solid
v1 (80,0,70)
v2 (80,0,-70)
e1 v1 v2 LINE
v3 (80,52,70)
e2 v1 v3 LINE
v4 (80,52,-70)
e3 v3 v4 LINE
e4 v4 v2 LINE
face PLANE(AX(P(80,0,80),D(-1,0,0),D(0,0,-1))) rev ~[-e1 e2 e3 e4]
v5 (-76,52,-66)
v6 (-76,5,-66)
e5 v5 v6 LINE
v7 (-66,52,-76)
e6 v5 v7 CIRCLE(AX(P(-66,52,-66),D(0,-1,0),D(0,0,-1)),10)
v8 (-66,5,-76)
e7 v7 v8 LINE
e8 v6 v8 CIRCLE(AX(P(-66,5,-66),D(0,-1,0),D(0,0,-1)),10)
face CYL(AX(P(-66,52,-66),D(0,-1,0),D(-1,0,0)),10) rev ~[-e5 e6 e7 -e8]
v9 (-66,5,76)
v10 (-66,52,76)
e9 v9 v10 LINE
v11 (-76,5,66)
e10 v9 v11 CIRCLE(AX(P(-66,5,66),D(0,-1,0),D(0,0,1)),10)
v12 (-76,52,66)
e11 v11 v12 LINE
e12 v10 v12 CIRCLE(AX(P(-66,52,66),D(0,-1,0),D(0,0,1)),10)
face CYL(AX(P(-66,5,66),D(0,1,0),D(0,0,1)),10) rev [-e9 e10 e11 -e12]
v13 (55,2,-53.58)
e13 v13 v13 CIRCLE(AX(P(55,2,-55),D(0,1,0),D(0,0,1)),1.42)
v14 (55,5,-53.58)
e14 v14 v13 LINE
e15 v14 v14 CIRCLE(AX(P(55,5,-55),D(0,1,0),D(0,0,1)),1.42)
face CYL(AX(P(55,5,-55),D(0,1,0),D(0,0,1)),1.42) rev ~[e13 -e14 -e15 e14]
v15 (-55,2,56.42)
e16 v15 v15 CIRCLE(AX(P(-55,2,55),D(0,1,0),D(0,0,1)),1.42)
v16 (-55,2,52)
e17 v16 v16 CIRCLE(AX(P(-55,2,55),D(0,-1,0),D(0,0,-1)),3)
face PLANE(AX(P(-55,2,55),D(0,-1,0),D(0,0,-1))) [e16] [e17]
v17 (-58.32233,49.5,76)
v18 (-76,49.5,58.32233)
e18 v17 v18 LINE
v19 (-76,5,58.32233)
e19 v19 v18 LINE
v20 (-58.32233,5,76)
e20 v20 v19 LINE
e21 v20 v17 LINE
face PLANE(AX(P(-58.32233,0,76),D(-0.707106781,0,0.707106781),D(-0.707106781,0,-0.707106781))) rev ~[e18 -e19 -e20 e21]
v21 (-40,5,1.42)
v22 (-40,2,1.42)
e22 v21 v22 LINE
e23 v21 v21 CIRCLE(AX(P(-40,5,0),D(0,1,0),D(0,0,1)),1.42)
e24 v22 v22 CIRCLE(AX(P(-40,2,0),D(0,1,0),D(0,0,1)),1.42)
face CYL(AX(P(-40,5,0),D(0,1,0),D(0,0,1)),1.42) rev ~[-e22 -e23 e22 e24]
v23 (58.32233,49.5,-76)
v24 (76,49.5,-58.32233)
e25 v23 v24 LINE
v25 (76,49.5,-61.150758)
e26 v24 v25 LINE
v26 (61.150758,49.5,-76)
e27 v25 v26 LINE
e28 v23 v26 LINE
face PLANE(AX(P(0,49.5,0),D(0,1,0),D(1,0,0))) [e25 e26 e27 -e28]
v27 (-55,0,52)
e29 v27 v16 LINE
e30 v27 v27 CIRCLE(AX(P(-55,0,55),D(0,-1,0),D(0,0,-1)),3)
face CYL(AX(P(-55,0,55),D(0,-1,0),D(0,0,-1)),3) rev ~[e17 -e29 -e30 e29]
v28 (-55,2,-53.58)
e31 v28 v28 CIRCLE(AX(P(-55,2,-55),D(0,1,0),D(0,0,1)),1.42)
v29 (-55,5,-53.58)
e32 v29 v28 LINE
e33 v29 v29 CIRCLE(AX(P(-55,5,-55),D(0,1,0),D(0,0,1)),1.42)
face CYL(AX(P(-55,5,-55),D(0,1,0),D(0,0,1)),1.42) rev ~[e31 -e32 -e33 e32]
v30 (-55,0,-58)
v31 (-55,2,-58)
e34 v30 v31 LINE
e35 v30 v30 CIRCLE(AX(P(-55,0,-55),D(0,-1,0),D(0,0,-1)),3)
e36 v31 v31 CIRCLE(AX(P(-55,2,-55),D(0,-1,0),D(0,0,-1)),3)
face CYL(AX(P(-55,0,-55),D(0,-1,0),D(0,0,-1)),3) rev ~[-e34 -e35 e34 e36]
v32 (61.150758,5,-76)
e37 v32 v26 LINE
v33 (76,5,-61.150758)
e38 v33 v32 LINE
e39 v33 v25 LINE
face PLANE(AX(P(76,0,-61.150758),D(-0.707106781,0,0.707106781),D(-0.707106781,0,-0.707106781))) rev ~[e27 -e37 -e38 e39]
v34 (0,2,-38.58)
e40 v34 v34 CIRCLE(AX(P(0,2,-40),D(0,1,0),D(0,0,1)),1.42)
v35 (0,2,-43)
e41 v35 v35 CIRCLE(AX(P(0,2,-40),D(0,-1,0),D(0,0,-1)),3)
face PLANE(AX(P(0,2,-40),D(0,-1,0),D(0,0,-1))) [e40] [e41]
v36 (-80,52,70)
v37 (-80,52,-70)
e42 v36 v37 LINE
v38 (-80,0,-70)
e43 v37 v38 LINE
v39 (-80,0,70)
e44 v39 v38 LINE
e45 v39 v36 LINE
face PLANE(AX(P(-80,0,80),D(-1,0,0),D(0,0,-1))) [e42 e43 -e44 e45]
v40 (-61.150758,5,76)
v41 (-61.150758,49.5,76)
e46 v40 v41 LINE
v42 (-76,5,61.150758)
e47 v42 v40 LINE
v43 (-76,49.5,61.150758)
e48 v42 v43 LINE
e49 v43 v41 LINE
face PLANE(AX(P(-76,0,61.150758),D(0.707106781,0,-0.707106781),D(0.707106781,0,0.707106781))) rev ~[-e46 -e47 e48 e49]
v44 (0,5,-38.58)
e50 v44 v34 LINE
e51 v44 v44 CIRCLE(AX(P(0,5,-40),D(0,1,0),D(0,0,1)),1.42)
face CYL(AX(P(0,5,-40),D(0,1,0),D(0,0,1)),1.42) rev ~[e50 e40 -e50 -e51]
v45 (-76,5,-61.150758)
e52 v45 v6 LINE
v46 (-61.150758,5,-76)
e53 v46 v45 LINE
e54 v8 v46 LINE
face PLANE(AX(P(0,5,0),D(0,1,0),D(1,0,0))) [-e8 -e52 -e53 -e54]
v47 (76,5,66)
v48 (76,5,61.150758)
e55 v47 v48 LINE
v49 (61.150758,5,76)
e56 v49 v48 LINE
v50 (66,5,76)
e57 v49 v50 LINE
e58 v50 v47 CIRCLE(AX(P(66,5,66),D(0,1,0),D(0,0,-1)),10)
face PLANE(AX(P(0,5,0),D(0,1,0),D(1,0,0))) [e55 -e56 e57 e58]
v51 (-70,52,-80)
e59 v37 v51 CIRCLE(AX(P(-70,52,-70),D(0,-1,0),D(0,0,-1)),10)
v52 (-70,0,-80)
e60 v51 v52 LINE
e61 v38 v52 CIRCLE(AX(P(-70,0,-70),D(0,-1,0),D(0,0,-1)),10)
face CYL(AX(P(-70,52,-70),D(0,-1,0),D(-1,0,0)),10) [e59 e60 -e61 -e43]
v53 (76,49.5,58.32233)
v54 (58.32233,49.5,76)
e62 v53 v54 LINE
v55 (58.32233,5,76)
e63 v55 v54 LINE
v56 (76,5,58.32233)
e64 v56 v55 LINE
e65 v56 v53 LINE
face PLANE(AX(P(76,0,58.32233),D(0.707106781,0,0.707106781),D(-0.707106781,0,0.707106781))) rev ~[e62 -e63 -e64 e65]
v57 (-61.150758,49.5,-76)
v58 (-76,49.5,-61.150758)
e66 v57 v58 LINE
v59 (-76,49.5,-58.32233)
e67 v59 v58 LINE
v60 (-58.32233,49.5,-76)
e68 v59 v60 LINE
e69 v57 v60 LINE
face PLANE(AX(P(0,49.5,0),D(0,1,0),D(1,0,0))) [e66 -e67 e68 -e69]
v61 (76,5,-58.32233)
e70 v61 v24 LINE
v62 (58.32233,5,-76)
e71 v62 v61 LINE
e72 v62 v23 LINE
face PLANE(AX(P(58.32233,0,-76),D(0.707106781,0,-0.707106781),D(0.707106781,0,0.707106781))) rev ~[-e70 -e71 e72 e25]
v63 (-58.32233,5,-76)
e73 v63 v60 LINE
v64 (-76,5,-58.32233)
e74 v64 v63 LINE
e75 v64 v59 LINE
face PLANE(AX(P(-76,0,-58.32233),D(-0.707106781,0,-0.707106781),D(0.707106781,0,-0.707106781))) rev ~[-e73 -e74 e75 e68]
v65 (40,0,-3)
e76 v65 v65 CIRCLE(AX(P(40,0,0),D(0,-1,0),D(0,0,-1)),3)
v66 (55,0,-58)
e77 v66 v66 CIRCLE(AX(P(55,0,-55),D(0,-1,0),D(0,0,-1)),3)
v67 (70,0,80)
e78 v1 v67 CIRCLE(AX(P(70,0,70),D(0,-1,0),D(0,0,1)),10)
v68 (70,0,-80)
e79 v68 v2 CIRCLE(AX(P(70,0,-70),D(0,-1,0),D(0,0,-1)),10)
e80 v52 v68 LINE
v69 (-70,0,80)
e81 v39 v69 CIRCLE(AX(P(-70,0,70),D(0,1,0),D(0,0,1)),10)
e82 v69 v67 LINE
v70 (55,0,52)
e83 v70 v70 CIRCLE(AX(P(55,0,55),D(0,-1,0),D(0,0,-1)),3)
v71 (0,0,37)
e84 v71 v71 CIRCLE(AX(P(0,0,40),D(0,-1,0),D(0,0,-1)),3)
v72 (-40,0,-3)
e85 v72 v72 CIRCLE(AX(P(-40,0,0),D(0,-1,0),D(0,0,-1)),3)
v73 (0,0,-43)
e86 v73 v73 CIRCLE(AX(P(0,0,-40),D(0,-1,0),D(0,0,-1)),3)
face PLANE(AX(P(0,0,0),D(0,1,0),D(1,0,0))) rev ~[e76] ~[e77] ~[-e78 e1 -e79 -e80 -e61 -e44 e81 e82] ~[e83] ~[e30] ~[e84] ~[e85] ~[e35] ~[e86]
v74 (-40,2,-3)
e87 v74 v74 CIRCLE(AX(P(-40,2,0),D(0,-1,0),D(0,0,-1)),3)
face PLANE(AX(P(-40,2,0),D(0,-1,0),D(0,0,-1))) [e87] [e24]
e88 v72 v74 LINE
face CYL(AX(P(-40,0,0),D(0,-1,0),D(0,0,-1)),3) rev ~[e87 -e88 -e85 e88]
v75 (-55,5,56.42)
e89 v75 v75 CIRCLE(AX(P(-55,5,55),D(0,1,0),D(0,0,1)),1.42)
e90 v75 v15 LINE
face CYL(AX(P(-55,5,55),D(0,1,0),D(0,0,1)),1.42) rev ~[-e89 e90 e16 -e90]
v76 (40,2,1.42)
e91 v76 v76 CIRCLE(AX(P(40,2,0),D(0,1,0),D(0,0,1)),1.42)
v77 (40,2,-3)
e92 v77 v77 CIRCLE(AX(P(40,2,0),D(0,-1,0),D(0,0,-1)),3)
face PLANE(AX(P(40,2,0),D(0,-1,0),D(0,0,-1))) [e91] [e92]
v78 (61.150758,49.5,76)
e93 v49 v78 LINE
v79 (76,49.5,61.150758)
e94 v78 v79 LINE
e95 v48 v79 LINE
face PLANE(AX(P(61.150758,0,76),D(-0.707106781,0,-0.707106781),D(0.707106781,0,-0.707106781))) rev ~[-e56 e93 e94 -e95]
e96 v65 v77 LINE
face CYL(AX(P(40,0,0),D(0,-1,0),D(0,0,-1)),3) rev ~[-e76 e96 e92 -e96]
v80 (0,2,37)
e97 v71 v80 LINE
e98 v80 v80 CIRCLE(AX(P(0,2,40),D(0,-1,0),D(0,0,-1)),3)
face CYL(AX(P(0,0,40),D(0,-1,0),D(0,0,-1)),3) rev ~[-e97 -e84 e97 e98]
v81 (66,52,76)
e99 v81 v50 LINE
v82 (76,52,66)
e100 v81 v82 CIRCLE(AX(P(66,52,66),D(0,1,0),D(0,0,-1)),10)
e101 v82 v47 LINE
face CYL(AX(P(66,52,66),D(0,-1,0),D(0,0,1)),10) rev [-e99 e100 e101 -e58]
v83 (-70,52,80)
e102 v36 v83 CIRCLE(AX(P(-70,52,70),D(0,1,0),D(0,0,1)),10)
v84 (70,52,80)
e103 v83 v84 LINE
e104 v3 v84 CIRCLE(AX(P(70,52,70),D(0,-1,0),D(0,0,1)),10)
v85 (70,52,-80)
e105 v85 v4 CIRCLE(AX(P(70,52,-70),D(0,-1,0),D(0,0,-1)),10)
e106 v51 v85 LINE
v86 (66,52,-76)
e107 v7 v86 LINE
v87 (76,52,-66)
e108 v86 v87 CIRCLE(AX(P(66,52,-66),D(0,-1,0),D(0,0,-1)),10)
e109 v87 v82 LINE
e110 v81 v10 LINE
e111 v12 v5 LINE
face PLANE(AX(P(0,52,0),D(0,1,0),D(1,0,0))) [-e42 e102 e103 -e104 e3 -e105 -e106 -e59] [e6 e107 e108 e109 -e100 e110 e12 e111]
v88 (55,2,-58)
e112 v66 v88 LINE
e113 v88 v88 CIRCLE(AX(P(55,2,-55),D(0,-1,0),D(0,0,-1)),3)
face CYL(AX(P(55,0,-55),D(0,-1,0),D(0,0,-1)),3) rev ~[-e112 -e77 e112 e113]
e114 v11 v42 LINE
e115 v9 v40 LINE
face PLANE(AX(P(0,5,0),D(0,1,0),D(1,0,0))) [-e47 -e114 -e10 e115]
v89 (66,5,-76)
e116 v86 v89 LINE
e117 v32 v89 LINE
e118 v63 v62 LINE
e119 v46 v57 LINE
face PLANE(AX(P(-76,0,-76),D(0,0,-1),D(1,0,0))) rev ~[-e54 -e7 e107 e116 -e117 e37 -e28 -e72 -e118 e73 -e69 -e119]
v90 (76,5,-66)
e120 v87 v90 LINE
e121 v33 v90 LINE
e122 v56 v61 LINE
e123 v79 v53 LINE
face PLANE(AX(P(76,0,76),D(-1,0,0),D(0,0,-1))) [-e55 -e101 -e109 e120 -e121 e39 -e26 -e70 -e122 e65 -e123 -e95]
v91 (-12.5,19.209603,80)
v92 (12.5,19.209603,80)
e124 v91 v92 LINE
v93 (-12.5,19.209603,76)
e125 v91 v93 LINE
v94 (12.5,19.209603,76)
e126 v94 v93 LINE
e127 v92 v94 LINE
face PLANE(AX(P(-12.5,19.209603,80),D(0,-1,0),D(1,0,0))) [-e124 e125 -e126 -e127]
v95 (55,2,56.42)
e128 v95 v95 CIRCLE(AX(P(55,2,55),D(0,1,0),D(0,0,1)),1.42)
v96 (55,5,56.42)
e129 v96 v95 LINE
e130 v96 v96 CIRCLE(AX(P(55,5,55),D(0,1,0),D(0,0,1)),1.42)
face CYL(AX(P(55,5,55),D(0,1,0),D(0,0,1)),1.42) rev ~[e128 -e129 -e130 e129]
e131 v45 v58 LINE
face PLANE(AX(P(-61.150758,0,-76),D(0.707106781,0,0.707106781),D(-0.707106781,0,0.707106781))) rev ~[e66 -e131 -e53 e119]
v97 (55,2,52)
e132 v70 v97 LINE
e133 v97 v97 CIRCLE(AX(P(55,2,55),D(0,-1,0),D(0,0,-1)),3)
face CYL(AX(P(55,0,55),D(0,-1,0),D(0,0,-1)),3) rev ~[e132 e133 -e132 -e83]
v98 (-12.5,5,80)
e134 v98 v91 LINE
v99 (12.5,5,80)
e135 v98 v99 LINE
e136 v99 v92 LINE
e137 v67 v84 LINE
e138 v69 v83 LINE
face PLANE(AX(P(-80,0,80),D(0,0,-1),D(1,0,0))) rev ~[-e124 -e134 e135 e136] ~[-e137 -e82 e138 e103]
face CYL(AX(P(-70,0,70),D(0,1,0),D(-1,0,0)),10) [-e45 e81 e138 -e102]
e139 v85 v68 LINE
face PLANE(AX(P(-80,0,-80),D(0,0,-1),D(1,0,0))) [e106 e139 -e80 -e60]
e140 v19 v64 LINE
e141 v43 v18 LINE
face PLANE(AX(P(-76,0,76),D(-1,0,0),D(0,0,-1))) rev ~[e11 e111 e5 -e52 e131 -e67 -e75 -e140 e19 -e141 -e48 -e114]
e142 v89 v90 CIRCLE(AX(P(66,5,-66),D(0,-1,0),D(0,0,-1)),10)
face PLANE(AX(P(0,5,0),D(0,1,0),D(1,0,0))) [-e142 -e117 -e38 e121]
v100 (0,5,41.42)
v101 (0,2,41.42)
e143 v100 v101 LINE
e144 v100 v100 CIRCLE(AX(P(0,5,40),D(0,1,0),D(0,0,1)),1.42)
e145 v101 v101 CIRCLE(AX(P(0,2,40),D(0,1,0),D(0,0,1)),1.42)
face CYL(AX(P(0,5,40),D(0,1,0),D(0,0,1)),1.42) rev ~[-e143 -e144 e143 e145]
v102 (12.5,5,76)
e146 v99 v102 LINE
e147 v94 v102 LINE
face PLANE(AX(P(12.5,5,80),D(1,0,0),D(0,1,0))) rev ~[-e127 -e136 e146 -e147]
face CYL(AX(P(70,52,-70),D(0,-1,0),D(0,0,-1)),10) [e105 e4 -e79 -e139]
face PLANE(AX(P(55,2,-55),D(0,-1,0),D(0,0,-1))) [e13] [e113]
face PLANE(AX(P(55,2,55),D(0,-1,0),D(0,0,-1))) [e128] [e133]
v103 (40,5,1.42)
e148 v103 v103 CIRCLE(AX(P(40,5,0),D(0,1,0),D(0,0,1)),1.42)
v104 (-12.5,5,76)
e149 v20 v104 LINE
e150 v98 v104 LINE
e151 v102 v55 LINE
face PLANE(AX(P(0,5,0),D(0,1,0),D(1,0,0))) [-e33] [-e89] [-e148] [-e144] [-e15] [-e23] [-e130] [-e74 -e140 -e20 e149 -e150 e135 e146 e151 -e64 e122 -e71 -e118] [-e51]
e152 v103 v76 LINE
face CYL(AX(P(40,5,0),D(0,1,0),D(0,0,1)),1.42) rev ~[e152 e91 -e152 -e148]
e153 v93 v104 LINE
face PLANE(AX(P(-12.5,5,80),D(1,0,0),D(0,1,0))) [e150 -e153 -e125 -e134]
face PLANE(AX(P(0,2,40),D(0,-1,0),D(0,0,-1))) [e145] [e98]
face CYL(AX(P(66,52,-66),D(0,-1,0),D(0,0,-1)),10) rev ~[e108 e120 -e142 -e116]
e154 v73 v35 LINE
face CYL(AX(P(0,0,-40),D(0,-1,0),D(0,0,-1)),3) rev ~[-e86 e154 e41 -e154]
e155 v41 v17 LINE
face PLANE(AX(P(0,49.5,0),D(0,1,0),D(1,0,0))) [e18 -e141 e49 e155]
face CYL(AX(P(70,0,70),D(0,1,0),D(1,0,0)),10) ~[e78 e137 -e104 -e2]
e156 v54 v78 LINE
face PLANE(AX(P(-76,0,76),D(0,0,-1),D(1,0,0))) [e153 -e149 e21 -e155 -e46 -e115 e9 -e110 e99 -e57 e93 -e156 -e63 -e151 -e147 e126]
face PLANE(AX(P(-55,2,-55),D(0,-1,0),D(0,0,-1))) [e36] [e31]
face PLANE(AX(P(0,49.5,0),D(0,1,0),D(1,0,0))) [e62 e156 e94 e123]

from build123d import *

# Parameters (mm, degrees)
SKETCH1_W           = 160
SKETCH1_H           = 160
SKETCH1_W_2         = 152
SKETCH1_H_2         = 152
BOSS_EXTRUDE1_DEPTH = 52
SKETCH2_W           = 160
SKETCH2_H           = 160
BOSS_EXTRUDE2_DEPTH = 5
SKETCH3_R           = 1.42
CUT_EXTRUDE1_DEPTH  = 10
SKETCH4_W           = 152
SKETCH4_H           = 152
CUT_EXTRUDE2_DEPTH  = 2.5
FILLET1_R           = 10
FILLET2_R           = 10
SKETCH5_R           = 3
CUT_EXTRUDE3_DEPTH  = 2
SKETCH7_W           = 25
SKETCH7_H           = 14.209603119
CUT_EXTRUDE4_DEPTH  = 10


with BuildPart() as part:
    # Sketch1 → Boss-Extrude1 (new body)
    # profile 1 of 5: a face of its own
    with BuildSketch(Plane(origin=(0, 0, 0), x_dir=(1, 0, 0), z_dir=(0, 1, 0))):
        Rectangle(SKETCH1_W, SKETCH1_H)
        Rectangle(SKETCH1_W_2, SKETCH1_H_2, mode=Mode.SUBTRACT)
    # profile 2 of 5: a face of its own
    with BuildSketch(Plane(origin=(0, 0, 0), x_dir=(1, 0, 0), z_dir=(0, 1, 0))):
        Polygon((-61.150757595, 76), (-76, 61.150757595), (-76, 58.32233047), (-58.32233047, 76), align=None)
    # profile 3 of 5: a face of its own
    with BuildSketch(Plane(origin=(0, 0, 0), x_dir=(1, 0, 0), z_dir=(0, 1, 0))):
        Polygon((-58.32233047, -76), (-76, -58.32233047), (-76, -61.150757595), (-61.150757595, -76), align=None)
    # profile 4 of 5: a face of its own
    with BuildSketch(Plane(origin=(0, 0, 0), x_dir=(1, 0, 0), z_dir=(0, 1, 0))):
        Polygon((76, -58.32233047), (58.32233047, -76), (61.150757595, -76), (76, -61.150757595), align=None)
    # profile 5 of 5: a face of its own
    with BuildSketch(Plane(origin=(0, 0, 0), x_dir=(1, 0, 0), z_dir=(0, 1, 0))):
        Polygon((61.150757595, 76), (58.32233047, 76), (76, 58.32233047), (76, 61.150757595), align=None)
    extrude(amount=BOSS_EXTRUDE1_DEPTH)

    # Sketch2 → Boss-Extrude2 (add)
    with BuildSketch(Plane(origin=(0, 0, 0), x_dir=(1, 0, 0), z_dir=(0, 1, 0))):
        Rectangle(SKETCH2_W, SKETCH2_H)
    extrude(amount=BOSS_EXTRUDE2_DEPTH)

    # Sketch3 → Cut-Extrude1 (cut)
    with BuildSketch(Plane(origin=(0, 5, 0), x_dir=(1, 0, 0), z_dir=(0, 1, 0))):
        with Locations(Location((-55, 55, 0), (0, 0, 270))):
            Circle(SKETCH3_R)
        with Locations(Location((55, 55, 0), (0, 0, 270))):
            Circle(SKETCH3_R)
        with Locations(Location((55, -55, 0), (0, 0, 270))):
            Circle(SKETCH3_R)
        with Locations(Location((-55, -55, 0), (0, 0, 270))):
            Circle(SKETCH3_R)
        with Locations(Location((0, 40, 0), (0, 0, 270))):
            Circle(SKETCH3_R)
        with Locations(Location((40, 0, 0), (0, 0, 270))):
            Circle(SKETCH3_R)
        with Locations(Location((0, -40, 0), (0, 0, 270))):
            Circle(SKETCH3_R)
        with Locations(Location((-40, 0, 0), (0, 0, 270))):
            Circle(SKETCH3_R)
    extrude(amount=-CUT_EXTRUDE1_DEPTH, mode=Mode.SUBTRACT)

    # Sketch4 → Cut-Extrude2 (cut)
    with BuildSketch(Plane(origin=(0, 52, 0), x_dir=(1, 0, 0), z_dir=(0, 1, 0))):
        Rectangle(SKETCH4_W, SKETCH4_H)
    extrude(amount=-CUT_EXTRUDE2_DEPTH, mode=Mode.SUBTRACT)

    # Fillet1
    fillet1_edges = [part.edges().sort_by_distance(p)[0] for p in [
        (-80, 26, 80),
        (-80, 26, -80),
        (80, 26, -80),
        (80, 26, 80),
    ]]
    fillet(fillet1_edges, radius=FILLET1_R)

    # Fillet2
    fillet2_edges = [part.edges().sort_by_distance(p)[0] for p in [
        (-76, 28.5, 76),
        (-76, 28.5, -76),
        (76, 28.5, 76),
        (76, 28.5, -76),
    ]]
    fillet(fillet2_edges, radius=FILLET2_R)

    # Sketch5 → Cut-Extrude3 (cut)
    with BuildSketch(Plane.XZ):
        with Locations(Location((-55, 55, 0), (0, 0, 270))):
            Circle(SKETCH5_R)
        with Locations(Location((55, 55, 0), (0, 0, 270))):
            Circle(SKETCH5_R)
        with Locations(Location((55, -55, 0), (0, 0, 270))):
            Circle(SKETCH5_R)
        with Locations(Location((-55, -55, 0), (0, 0, 270))):
            Circle(SKETCH5_R)
        with Locations(Location((0, 40, 0), (0, 0, 270))):
            Circle(SKETCH5_R)
        with Locations(Location((-40, 0, 0), (0, 0, 270))):
            Circle(SKETCH5_R)
        with Locations(Location((0, -40, 0), (0, 0, 270))):
            Circle(SKETCH5_R)
        with Locations(Location((40, 0, 0), (0, 0, 270))):
            Circle(SKETCH5_R)
    extrude(amount=-CUT_EXTRUDE3_DEPTH, mode=Mode.SUBTRACT)

    # Sketch7 → Cut-Extrude4 (cut)
    with BuildSketch(Plane.XY.offset(80)):
        with Locations((0, 12.10480156)):
            Rectangle(SKETCH7_W, SKETCH7_H)
    extrude(amount=-CUT_EXTRUDE4_DEPTH, mode=Mode.SUBTRACT)


solid = part.part
